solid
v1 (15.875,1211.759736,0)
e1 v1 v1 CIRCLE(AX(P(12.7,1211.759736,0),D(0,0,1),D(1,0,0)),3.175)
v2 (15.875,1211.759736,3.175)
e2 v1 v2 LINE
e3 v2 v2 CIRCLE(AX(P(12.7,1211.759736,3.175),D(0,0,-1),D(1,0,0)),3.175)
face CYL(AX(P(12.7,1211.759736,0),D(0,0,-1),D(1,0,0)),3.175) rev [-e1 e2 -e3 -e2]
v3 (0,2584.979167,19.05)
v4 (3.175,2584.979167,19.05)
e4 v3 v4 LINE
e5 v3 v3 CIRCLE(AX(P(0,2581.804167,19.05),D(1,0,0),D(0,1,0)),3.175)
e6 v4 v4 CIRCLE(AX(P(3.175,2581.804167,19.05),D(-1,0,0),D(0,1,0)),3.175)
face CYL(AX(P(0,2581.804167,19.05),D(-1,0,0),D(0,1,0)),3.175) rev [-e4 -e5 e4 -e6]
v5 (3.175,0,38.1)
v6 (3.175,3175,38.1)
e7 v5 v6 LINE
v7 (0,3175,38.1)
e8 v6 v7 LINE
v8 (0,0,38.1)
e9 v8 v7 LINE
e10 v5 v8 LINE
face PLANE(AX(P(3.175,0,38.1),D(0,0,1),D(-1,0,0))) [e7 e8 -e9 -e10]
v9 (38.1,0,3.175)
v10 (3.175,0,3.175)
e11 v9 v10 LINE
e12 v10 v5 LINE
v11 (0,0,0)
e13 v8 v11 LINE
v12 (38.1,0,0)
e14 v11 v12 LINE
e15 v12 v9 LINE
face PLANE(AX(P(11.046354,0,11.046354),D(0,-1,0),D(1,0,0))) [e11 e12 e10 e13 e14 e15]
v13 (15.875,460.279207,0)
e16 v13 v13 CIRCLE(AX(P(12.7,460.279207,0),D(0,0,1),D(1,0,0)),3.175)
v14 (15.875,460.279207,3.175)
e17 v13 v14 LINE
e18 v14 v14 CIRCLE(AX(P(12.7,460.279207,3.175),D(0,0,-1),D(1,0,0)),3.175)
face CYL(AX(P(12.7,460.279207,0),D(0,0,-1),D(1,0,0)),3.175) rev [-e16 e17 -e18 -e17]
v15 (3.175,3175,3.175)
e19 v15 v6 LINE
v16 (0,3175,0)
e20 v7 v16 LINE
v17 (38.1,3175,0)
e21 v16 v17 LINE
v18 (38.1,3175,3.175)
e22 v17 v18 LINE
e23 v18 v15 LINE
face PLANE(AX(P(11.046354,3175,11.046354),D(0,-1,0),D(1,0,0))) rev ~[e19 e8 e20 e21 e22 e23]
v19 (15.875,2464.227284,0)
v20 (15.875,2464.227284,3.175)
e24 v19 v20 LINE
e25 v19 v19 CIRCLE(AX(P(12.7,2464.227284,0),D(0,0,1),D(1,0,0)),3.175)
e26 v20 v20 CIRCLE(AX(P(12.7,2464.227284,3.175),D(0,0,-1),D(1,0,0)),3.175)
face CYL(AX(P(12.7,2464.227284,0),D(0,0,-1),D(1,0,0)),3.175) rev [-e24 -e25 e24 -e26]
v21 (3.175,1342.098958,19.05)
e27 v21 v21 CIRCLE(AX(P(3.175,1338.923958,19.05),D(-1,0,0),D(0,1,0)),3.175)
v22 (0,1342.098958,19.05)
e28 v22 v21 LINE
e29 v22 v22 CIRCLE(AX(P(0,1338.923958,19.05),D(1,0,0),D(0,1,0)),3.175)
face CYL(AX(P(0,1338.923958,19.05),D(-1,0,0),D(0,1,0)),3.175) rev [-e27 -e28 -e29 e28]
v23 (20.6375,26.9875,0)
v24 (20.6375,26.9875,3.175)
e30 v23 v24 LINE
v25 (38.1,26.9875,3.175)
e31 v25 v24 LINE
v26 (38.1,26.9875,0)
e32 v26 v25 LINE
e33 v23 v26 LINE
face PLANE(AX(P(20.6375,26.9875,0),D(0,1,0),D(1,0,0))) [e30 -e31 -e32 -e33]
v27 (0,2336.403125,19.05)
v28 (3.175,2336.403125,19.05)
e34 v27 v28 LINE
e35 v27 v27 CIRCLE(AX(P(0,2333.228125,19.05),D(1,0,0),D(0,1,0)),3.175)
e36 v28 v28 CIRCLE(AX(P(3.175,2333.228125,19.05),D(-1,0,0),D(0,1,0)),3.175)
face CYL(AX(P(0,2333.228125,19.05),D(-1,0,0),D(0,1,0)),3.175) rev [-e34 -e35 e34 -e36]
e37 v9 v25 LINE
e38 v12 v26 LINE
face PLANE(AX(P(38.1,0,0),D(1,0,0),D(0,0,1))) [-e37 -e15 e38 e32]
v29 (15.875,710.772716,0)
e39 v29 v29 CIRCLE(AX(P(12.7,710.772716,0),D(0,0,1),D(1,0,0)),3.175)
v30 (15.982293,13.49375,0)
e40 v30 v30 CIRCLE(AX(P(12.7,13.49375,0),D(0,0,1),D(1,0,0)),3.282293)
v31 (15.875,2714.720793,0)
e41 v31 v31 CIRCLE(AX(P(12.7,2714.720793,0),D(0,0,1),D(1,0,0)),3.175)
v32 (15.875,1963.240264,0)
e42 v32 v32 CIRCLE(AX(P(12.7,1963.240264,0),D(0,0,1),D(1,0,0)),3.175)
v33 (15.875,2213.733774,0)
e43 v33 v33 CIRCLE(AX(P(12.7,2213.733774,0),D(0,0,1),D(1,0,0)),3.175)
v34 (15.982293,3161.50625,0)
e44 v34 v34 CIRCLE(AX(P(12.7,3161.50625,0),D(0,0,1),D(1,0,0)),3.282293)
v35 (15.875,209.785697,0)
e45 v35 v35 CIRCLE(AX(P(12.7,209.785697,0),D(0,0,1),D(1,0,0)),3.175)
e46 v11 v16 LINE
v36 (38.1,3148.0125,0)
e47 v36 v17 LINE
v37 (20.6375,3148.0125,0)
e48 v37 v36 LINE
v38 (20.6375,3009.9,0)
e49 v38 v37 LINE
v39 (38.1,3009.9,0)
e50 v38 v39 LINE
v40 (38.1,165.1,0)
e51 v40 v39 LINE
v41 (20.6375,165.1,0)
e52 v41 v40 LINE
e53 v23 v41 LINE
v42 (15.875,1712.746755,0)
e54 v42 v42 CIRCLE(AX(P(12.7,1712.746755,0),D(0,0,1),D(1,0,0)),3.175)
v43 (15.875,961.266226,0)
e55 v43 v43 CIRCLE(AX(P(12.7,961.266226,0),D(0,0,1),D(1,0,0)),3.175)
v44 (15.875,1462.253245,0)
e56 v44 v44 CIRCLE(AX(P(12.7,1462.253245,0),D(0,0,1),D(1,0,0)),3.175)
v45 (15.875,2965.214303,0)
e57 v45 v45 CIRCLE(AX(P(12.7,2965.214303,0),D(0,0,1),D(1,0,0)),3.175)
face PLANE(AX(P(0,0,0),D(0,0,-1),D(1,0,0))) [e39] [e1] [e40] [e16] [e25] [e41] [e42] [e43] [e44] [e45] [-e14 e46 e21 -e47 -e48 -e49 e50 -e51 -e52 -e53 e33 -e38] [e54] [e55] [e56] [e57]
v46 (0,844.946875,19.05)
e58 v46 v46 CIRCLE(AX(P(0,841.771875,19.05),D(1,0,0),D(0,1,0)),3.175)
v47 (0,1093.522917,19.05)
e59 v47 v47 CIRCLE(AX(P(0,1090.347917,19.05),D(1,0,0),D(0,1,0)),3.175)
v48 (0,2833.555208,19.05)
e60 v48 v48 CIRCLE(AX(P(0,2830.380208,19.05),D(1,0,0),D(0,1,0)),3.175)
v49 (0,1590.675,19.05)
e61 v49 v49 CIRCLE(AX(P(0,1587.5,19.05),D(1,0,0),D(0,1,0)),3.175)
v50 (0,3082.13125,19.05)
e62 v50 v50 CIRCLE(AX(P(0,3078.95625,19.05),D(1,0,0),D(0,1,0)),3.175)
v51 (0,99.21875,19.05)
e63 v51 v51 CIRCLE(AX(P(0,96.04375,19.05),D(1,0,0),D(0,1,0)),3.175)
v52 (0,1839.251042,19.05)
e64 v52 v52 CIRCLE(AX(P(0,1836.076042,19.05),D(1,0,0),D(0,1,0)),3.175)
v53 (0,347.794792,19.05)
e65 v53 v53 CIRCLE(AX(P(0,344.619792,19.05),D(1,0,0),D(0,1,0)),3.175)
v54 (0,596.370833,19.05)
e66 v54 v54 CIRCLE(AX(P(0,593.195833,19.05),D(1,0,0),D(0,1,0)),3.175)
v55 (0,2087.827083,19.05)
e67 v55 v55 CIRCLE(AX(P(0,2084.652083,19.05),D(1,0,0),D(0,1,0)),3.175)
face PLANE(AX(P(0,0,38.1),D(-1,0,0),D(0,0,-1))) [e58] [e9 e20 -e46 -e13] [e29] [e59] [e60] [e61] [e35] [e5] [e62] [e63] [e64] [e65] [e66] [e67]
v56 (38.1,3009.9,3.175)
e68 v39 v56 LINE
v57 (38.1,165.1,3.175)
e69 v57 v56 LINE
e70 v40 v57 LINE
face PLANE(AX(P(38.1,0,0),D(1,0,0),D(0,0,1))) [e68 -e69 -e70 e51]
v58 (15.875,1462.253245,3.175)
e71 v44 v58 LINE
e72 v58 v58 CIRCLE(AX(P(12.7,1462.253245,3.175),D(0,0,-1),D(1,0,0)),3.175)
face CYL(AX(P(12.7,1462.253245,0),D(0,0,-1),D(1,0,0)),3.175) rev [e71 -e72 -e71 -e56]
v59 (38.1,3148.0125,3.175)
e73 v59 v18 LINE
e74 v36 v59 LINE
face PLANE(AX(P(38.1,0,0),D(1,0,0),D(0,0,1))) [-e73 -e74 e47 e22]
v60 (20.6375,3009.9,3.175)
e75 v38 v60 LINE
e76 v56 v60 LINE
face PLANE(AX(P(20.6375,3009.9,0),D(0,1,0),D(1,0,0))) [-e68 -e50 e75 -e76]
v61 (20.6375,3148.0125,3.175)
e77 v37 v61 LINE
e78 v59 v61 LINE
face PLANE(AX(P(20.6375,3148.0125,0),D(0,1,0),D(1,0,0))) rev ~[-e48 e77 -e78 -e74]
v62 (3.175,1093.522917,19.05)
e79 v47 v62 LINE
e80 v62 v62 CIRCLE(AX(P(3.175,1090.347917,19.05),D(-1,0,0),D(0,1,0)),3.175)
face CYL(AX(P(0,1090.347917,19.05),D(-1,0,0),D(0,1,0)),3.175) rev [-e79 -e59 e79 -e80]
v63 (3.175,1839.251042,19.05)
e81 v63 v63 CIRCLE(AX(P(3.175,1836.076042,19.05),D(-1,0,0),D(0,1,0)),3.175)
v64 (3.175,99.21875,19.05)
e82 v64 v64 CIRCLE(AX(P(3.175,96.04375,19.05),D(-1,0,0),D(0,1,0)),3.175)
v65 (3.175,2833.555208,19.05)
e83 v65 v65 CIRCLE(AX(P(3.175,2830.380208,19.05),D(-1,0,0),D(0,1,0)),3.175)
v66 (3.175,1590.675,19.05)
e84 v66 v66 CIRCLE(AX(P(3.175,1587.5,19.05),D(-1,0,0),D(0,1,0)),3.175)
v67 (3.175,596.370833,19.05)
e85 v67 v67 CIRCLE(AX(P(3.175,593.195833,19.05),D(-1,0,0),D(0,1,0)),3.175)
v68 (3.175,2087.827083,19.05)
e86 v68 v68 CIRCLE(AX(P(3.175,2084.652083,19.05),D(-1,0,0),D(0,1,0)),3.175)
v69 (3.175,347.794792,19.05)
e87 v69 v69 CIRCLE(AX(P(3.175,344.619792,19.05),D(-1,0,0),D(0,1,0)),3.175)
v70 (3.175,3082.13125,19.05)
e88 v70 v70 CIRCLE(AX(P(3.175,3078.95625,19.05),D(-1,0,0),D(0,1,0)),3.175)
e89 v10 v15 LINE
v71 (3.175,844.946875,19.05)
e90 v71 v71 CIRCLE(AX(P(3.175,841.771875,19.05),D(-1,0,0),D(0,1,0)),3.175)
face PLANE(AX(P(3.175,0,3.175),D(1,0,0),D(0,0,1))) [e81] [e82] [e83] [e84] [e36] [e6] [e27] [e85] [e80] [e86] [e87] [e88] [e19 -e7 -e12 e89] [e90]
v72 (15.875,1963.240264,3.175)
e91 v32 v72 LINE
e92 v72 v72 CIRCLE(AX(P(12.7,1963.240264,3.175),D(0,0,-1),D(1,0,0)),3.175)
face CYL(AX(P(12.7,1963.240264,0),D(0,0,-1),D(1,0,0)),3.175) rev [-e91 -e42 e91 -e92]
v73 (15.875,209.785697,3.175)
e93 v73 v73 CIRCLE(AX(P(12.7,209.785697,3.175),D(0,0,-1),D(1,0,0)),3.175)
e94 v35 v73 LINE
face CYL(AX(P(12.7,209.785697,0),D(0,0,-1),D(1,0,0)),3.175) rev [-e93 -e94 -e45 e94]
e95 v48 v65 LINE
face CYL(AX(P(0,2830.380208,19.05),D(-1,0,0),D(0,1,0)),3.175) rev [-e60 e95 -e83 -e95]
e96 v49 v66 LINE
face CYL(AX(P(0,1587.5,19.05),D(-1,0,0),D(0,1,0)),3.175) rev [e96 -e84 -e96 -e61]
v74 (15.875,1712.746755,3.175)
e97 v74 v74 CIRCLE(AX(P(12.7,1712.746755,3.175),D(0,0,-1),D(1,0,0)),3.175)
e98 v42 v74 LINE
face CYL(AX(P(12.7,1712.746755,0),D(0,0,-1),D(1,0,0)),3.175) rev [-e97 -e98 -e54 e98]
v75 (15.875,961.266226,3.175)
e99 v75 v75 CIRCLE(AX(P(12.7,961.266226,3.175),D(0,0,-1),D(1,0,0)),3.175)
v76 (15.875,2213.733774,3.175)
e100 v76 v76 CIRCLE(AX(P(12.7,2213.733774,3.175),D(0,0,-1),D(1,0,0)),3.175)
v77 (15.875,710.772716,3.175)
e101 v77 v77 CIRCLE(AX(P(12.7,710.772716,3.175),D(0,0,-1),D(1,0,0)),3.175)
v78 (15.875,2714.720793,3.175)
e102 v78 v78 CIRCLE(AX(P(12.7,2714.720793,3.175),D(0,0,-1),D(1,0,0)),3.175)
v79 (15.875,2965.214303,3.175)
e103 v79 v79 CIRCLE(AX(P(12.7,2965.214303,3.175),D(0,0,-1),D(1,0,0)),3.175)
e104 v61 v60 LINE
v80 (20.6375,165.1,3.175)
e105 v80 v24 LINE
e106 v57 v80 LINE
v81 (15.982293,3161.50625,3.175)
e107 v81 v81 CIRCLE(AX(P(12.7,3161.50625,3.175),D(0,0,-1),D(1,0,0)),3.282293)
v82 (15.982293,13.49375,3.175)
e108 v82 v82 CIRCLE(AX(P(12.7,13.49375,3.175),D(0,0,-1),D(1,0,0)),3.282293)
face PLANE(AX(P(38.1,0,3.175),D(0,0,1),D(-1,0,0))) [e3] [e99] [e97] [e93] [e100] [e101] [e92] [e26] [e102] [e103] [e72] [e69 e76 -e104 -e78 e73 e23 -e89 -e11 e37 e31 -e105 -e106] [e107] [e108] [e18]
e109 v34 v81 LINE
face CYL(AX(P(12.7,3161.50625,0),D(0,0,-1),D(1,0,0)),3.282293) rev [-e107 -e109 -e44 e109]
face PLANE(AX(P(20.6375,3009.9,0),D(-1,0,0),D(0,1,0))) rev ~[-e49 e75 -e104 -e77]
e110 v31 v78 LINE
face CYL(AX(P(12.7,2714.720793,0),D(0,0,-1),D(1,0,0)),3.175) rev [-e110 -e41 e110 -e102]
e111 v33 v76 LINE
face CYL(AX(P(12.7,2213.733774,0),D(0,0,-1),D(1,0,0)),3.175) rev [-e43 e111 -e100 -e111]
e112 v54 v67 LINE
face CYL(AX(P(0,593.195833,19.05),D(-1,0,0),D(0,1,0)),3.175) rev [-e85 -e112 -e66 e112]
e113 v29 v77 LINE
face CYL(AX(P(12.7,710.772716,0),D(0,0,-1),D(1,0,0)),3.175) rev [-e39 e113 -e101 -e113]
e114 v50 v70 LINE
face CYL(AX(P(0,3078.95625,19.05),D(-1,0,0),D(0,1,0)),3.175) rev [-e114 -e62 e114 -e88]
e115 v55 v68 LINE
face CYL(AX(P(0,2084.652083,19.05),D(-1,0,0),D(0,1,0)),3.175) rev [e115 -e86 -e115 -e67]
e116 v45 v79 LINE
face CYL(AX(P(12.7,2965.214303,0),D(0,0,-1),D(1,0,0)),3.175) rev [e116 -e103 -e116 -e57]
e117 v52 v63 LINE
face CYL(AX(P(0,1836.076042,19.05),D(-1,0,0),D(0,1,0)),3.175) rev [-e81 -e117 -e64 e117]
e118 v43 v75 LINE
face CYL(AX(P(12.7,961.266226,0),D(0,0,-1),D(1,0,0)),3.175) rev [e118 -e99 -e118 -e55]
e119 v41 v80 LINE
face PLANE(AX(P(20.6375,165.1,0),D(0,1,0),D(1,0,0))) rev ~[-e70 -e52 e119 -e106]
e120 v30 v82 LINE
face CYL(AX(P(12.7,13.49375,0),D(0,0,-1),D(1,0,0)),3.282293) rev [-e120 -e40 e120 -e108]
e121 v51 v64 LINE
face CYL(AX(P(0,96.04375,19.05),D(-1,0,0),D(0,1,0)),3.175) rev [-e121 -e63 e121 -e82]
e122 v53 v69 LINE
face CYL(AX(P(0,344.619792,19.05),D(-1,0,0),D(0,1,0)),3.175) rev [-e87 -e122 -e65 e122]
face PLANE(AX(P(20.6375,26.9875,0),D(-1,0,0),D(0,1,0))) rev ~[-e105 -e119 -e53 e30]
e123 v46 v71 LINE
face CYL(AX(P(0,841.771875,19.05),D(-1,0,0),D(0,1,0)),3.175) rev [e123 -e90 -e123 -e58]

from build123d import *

# Parameters (mm, degrees)
F1_DEPTH  = 3175
F6_R      = 3.175
F8_W      = 17.4625
F8_H      = 138.1125
F8_R      = 3.282293
F9_DEPTH  = 25.4
F7_R      = 3.175
F10_DEPTH = 25.4


with BuildPart() as f1:
    # F0 (on Front) → F1 (new body)
    with BuildSketch(Plane.XZ):
        Polygon((0, 38.1), (0, 0), (38.1, 0), (38.1, 3.175), (3.175, 3.175), (3.175, 38.1), align=None)
    extrude(amount=-F1_DEPTH)

    # F6 (on Top) + F8 (on Top) → F9 (cut)
    with BuildSketch(Plane.XY):
        with Locations((12.7, 209.785697)):
            Circle(F6_R)
        with Locations((12.7, 460.279207)):
            Circle(F6_R)
        with Locations((12.7, 710.772716)):
            Circle(F6_R)
        with Locations((12.7, 961.266226)):
            Circle(F6_R)
        with Locations((12.7, 1211.759736)):
            Circle(F6_R)
        with Locations((12.7, 1462.253245)):
            Circle(F6_R)
        with Locations((12.7, 1712.746755)):
            Circle(F6_R)
        with Locations((12.7, 1963.240264)):
            Circle(F6_R)
        with Locations((12.7, 2213.733774)):
            Circle(F6_R)
        with Locations((12.7, 2464.227284)):
            Circle(F6_R)
        with Locations((12.7, 2714.720793)):
            Circle(F6_R)
        with Locations((12.7, 2965.214303)):
            Circle(F6_R)
    with BuildSketch(Plane.XY):
        with Locations((29.36875, 96.04375)):
            Rectangle(F8_W, F8_H)
        with Locations((12.7, 13.49375)):
            Circle(F8_R)
        with Locations((29.36875, 3078.95625)):
            Rectangle(F8_W, F8_H)
        with Locations((12.7, 3161.50625)):
            Circle(F8_R)
    extrude(amount=F9_DEPTH, mode=Mode.SUBTRACT)

    # F7 (on Right) → F10 (cut)
    with BuildSketch(Plane.YZ):
        with Locations((96.04375, 19.05)):
            Circle(F7_R)
        with Locations((344.619792, 19.05)):
            Circle(F7_R)
        with Locations((593.195833, 19.05)):
            Circle(F7_R)
        with Locations((841.771875, 19.05)):
            Circle(F7_R)
        with Locations((1090.347917, 19.05)):
            Circle(F7_R)
        with Locations((1338.923958, 19.05)):
            Circle(F7_R)
        with Locations((1587.5, 19.05)):
            Circle(F7_R)
        with Locations((1836.076042, 19.05)):
            Circle(F7_R)
        with Locations((2084.652083, 19.05)):
            Circle(F7_R)
        with Locations((2333.228125, 19.05)):
            Circle(F7_R)
        with Locations((2581.804167, 19.05)):
            Circle(F7_R)
        with Locations((2830.380208, 19.05)):
            Circle(F7_R)
        with Locations((3078.95625, 19.05)):
            Circle(F7_R)
    extrude(amount=F10_DEPTH, mode=Mode.SUBTRACT)


solid = f1.part
